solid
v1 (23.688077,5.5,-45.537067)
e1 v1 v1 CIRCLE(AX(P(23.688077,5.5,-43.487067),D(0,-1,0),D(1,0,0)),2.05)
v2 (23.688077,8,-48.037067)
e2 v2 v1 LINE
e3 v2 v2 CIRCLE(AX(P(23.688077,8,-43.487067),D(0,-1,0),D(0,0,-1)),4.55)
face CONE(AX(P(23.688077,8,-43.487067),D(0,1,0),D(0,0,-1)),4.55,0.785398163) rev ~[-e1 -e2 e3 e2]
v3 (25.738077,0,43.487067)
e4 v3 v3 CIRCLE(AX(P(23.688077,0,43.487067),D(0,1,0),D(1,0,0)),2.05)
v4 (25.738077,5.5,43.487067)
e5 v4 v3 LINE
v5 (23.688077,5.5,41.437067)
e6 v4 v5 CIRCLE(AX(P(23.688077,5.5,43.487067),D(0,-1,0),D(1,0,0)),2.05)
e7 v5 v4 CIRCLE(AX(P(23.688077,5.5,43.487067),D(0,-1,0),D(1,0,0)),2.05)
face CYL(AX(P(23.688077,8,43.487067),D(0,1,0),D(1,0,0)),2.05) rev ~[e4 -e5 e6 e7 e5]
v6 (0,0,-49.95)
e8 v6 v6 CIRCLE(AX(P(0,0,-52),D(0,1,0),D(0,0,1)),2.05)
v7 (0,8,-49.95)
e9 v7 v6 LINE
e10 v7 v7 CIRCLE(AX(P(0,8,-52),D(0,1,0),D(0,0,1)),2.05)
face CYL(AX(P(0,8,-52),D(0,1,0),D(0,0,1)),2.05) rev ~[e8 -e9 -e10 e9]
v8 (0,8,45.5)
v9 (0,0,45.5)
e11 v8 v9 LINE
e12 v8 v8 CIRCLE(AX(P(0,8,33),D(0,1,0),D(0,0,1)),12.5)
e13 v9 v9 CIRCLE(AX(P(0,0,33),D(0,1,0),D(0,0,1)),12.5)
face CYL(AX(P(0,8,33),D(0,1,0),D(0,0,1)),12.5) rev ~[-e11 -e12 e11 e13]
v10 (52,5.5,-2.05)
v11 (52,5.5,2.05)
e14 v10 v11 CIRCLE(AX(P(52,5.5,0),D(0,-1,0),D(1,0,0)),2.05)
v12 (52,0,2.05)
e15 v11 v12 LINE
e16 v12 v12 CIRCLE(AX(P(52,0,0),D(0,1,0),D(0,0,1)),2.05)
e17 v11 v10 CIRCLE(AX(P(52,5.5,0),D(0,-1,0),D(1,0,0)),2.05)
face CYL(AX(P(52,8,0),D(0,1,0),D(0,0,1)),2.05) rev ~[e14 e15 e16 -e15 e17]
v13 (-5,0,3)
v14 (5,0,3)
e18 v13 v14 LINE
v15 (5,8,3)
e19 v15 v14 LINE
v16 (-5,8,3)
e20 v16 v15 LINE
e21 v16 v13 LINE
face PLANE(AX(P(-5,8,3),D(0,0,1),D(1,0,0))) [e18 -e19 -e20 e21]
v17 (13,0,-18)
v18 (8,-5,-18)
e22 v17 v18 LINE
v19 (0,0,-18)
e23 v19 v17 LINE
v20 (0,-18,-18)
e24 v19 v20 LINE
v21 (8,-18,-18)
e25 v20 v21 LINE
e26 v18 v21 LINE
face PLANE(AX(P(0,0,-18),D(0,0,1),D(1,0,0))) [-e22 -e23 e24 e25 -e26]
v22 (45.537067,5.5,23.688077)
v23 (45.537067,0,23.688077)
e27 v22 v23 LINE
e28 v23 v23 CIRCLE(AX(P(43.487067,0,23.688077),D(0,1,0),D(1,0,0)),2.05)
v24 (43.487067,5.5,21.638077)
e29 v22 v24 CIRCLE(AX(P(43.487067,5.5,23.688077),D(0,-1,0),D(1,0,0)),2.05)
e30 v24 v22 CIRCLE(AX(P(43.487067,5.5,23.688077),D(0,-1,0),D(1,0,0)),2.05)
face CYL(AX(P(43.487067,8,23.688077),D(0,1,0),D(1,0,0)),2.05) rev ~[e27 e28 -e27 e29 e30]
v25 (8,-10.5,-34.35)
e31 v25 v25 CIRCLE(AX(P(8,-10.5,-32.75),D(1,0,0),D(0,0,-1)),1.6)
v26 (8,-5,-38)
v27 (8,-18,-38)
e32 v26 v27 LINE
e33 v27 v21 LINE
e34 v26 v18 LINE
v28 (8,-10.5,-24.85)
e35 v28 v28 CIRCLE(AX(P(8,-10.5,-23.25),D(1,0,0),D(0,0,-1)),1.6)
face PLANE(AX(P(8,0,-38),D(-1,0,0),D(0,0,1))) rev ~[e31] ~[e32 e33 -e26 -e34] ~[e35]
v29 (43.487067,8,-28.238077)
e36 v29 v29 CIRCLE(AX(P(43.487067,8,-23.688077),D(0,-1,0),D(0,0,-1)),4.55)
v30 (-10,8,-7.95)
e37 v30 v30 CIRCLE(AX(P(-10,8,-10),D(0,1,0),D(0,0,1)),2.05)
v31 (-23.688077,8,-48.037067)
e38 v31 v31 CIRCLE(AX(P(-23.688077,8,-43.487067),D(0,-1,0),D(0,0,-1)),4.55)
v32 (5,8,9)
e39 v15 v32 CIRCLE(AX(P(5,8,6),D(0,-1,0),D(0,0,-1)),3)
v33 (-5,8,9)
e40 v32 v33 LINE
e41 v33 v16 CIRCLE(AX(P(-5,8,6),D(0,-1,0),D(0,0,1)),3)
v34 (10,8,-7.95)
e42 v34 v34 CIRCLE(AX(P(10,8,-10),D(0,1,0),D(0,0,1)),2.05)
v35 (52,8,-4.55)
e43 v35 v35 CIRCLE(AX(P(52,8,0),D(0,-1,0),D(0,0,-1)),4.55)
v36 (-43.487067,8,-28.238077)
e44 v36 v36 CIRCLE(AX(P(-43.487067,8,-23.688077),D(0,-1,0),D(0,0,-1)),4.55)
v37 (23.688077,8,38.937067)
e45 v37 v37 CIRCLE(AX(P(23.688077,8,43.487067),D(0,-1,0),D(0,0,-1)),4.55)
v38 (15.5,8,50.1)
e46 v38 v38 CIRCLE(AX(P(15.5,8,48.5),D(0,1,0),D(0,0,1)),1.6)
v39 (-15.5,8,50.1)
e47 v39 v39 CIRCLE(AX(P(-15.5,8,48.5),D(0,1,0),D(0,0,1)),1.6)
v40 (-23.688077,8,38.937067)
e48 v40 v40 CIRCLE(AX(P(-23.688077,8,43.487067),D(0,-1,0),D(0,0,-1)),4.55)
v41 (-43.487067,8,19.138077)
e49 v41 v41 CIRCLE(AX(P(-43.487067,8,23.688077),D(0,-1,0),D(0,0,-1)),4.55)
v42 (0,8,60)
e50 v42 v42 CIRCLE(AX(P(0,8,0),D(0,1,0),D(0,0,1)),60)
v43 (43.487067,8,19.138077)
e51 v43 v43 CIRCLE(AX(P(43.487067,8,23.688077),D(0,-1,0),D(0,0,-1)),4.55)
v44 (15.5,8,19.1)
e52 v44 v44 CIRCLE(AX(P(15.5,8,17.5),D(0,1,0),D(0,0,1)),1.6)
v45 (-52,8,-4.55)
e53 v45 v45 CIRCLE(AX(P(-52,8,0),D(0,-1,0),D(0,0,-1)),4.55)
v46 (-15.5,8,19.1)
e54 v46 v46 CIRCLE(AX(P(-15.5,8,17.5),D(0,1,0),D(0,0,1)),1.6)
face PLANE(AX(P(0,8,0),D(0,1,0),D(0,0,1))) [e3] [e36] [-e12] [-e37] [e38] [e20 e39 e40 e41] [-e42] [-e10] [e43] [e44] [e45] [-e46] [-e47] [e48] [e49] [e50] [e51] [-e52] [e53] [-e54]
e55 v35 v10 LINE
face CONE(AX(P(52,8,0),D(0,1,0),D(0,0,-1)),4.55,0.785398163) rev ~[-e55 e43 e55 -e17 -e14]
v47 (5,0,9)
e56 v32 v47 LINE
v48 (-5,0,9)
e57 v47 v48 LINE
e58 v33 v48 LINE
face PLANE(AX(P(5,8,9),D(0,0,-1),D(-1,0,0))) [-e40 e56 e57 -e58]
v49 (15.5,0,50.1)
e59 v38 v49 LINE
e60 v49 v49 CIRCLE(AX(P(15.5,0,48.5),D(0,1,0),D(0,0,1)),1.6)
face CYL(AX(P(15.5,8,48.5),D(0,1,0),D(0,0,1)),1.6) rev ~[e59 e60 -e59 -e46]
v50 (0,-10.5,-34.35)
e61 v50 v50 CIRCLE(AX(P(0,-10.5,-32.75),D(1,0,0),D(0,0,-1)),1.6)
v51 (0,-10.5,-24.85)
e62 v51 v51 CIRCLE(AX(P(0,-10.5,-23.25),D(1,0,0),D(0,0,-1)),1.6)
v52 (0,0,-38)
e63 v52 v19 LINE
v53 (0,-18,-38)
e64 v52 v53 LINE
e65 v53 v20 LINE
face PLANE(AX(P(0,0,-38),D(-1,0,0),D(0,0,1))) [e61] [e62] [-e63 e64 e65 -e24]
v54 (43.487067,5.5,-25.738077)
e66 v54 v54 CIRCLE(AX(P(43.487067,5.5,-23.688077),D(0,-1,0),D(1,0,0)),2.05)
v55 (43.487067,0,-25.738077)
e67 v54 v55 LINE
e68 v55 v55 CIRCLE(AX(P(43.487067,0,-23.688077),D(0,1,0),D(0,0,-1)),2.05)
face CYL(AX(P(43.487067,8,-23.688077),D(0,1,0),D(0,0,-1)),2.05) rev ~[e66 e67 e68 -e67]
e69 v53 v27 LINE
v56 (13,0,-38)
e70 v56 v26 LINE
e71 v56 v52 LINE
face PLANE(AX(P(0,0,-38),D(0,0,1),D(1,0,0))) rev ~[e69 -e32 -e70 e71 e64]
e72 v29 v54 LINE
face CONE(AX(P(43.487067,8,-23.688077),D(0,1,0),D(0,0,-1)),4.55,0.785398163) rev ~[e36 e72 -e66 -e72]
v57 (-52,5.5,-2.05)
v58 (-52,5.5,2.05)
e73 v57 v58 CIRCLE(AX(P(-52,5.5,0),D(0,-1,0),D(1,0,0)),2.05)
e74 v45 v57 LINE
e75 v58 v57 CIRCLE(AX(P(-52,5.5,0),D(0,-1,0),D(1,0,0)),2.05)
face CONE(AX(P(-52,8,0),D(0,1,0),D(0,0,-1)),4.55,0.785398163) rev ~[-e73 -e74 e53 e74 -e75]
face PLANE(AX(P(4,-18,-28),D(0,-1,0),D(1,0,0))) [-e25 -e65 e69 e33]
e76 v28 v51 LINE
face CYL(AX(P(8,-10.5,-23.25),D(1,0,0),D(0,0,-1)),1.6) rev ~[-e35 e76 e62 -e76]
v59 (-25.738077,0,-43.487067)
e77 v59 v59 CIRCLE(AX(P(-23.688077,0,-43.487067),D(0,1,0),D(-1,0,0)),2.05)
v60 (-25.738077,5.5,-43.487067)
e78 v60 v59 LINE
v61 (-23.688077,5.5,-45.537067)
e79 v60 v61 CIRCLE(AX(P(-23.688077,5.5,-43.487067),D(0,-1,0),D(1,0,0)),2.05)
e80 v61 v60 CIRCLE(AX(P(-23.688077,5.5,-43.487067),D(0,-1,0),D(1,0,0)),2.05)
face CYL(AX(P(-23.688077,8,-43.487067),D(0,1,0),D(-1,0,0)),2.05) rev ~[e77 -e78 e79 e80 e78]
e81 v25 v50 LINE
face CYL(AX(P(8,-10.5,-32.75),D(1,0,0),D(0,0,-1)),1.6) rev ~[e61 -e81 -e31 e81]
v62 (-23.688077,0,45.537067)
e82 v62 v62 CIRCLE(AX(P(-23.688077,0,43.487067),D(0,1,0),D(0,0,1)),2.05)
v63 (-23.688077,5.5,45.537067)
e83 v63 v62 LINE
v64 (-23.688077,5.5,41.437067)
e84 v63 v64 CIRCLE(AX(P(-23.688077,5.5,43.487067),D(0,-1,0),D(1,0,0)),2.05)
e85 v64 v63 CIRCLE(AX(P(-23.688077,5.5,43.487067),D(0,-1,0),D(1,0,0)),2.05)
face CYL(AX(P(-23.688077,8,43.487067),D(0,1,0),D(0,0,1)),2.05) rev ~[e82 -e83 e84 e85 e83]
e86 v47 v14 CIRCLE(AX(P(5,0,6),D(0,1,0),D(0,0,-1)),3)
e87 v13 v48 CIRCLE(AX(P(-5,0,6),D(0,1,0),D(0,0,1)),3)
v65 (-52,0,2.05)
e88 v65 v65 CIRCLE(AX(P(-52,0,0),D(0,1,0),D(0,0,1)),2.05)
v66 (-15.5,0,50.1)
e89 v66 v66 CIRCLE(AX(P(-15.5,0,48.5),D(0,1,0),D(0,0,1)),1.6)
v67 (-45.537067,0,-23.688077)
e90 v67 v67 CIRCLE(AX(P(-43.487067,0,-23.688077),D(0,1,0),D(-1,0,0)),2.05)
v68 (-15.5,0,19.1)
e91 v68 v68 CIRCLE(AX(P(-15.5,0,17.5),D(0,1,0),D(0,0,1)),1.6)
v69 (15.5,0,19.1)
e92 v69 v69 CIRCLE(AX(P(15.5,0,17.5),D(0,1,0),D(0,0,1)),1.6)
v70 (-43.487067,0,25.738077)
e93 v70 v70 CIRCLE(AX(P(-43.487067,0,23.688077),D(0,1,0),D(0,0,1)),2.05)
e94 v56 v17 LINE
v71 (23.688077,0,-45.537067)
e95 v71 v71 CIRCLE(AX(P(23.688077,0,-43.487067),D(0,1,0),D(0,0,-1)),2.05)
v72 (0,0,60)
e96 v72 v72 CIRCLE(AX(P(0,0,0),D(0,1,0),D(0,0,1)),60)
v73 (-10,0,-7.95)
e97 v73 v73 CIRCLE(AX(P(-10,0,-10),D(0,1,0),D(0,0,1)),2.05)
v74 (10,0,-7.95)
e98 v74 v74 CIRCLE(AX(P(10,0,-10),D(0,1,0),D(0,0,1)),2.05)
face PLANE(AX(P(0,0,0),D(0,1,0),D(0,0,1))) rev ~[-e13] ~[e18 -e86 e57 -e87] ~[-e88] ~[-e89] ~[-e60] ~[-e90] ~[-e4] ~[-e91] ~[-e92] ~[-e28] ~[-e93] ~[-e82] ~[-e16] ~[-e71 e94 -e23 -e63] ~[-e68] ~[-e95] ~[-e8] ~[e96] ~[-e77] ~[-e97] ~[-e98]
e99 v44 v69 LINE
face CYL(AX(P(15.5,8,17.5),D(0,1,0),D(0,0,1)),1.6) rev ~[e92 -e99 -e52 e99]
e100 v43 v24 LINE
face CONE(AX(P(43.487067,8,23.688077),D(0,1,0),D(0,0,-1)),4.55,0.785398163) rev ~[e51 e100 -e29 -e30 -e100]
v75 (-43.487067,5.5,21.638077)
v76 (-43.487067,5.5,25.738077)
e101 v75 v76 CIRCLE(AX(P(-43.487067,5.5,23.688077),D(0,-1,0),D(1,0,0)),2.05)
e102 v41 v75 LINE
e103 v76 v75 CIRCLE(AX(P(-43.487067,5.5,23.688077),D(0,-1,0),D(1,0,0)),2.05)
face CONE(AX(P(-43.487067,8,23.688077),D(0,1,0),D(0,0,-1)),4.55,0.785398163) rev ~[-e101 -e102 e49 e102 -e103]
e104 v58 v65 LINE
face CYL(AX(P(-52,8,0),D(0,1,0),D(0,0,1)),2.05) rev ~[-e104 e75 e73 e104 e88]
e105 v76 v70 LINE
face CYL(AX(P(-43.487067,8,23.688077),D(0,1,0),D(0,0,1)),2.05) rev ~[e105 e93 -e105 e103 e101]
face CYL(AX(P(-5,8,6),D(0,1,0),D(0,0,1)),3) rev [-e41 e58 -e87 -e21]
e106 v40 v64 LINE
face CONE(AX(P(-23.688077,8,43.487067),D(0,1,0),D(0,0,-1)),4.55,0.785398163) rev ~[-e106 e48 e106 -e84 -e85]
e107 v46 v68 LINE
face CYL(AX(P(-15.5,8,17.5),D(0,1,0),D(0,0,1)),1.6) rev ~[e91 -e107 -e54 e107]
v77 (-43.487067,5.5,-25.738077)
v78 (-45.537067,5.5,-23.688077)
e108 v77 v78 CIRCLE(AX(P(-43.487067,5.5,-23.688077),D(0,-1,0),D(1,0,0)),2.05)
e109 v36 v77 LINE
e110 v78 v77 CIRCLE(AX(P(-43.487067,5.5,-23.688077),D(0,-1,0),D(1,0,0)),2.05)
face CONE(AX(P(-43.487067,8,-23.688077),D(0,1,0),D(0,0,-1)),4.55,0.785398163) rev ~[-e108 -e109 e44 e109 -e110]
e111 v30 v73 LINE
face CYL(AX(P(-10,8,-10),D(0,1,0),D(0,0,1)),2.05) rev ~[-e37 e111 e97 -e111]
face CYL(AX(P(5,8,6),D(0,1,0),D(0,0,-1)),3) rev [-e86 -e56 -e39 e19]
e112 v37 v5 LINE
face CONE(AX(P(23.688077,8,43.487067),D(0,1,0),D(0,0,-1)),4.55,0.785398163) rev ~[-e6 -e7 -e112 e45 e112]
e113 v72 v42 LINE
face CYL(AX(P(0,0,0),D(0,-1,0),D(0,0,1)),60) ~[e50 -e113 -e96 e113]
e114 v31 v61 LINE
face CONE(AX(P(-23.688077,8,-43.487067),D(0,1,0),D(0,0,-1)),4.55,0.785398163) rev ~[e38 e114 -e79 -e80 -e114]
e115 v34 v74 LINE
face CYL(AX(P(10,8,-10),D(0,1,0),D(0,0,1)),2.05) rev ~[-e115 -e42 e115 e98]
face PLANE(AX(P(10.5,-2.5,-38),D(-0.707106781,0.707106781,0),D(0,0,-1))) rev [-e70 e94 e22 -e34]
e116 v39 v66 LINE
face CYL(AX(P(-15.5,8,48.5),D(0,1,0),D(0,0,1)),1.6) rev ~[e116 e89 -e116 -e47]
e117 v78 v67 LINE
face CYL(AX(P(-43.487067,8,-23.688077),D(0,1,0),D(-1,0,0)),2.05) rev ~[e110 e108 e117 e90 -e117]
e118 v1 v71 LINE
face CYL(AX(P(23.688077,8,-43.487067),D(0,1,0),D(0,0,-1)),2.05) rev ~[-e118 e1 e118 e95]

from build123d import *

# Parameters (mm, degrees)
SKETCH1_R                                           = 60
BOSS_EXTRUDE1_DEPTH                                 = 8
SKETCH2_R                                           = 12.5
SKETCH2_R_2                                         = 1.6
CUT_EXTRUDE1_DEPTH                                  = 86.229103011
SKETCH3_R                                           = 2.05
CUT_EXTRUDE2_DEPTH                                  = 86.229103011
CIRPATTERN1_COUNT                                   = 4
SKETCH4_R                                           = 2.05
CUT_EXTRUDE3_DEPTH                                  = 86.229103011
SKETCH5_R                                           = 2.05
CUT_EXTRUDE4_DEPTH                                  = 86.229103011
SKETCH6_W                                           = 8
SKETCH6_H                                           = 20
BOSS_EXTRUDE2_DEPTH                                 = 18
CHAMFER1_SIZE                                       = 5
SKETCH7_R                                           = 1.6
CUT_EXTRUDE5_DEPTH                                  = 93.455394651
CSK_FOR_M4_COUNTERSUNK_FLAT_HEAD_SCREW1_D           = 4.1
CSK_FOR_M4_COUNTERSUNK_FLAT_HEAD_SCREW1_DEPTH       = 7.999
CSK_FOR_M4_COUNTERSUNK_FLAT_HEAD_SCREW1_CSINK_D     = 9.1
CSK_FOR_M4_COUNTERSUNK_FLAT_HEAD_SCREW1_CSINK_ANGLE = 90
CSK_FOR_M4_COUNTERSUNK_FLAT_HEAD_SCREW1_TIP         = 1.231764269


with BuildPart() as part:
    # Sketch1 → Boss-Extrude1 (new body)
    with BuildSketch(Plane(origin=(0, 0, 0), x_dir=(1, 0, 0), z_dir=(0, 1, 0))):
        with Locations(Location((0, 0, 0), (0, 0, 270))):
            Circle(SKETCH1_R)
    extrude(amount=BOSS_EXTRUDE1_DEPTH)

    # Sketch2 → Cut-Extrude1 (cut, through all)
    with BuildSketch(Plane(origin=(0, 8, 0), x_dir=(1, 0, 0), z_dir=(0, 1, 0))):
        with Locations(Location((0, -33, 0), (0, 0, 270))):
            Circle(SKETCH2_R)
        with Locations(Location((-15.5, -48.5, 0), (0, 0, 270))):
            Circle(SKETCH2_R_2)
        with Locations(Location((15.5, -48.5, 0), (0, 0, 270))):
            Circle(SKETCH2_R_2)
        with Locations(Location((15.5, -17.5, 0), (0, 0, 270))):
            Circle(SKETCH2_R_2)
        with Locations(Location((-15.5, -17.5, 0), (0, 0, 270))):
            Circle(SKETCH2_R_2)
    extrude(amount=-CUT_EXTRUDE1_DEPTH, mode=Mode.SUBTRACT)

    # Sketch3 → Cut-Extrude2 (cut, through all)
    with BuildSketch(Plane(origin=(0, 8, 0), x_dir=(1, 0, 0), z_dir=(0, 1, 0))):
        with Locations(Location((-43.487067043, -23.68807717, 0), (0, 0, 270))):
            Circle(SKETCH3_R)
        with Locations(Location((-23.68807717, -43.487067043, 0), (0, 0, 270))):
            Circle(SKETCH3_R)
    cut_extrude2 = extrude(amount=-CUT_EXTRUDE2_DEPTH, mode=Mode.SUBTRACT)

    # CirPattern1: Cut-Extrude2 ×4 about axis
    cirpattern1_axis = Axis((0, 0, 0), (0, 1, 0))
    for i in range(1, CIRPATTERN1_COUNT):
        add(cut_extrude2.rotate(cirpattern1_axis, i * 360 / CIRPATTERN1_COUNT), mode=Mode.SUBTRACT)

    # Sketch4 → Cut-Extrude3 (cut, through all)
    with BuildSketch(Plane(origin=(0, 8, 0), x_dir=(1, 0, 0), z_dir=(0, 1, 0))):
        with Locations(Location((-52, 0, 0), (0, 0, 270))):
            Circle(SKETCH4_R)
        with Locations(Location((52, 0, 0), (0, 0, 270))):
            Circle(SKETCH4_R)
        with Locations(Location((0, 52, 0), (0, 0, 270))):
            Circle(SKETCH4_R)
    extrude(amount=-CUT_EXTRUDE3_DEPTH, mode=Mode.SUBTRACT)

    # Sketch5 → Cut-Extrude4 (cut, through all)
    with BuildSketch(Plane(origin=(0, 8, 0), x_dir=(1, 0, 0), z_dir=(0, 1, 0))):
        with Locations(Location((-10, 10, 0), (0, 0, 270))):
            Circle(SKETCH5_R)
        with Locations(Location((10, 10, 0), (0, 0, 270))):
            Circle(SKETCH5_R)
        with BuildLine():
            Line((-5, -3), (5, -3))
            ThreePointArc((5, -3), (8, -6), (5, -9))
            Line((5, -9), (-5, -9))
            ThreePointArc((-5, -9), (-8, -6), (-5, -3))
        make_face()
    extrude(amount=-CUT_EXTRUDE4_DEPTH, mode=Mode.SUBTRACT)

    # Sketch6 → Boss-Extrude2 (add)
    with BuildSketch(Plane.XZ):
        with Locations((4, -28)):
            Rectangle(SKETCH6_W, SKETCH6_H)
    extrude(amount=BOSS_EXTRUDE2_DEPTH)

    # Chamfer1
    chamfer1_edges = [part.edges().sort_by_distance(p)[0] for p in [
        (8, 0, -28),
    ]]
    chamfer(chamfer1_edges, length=CHAMFER1_SIZE)

    # Sketch7 → Cut-Extrude5 (cut, through all)
    with BuildSketch(Plane(origin=(8, 0, 0), x_dir=(0, 0, -1), z_dir=(1, 0, 0))):
        with Locations((23.25, -10.5)):
            Circle(SKETCH7_R)
        with Locations((32.75, -10.5)):
            Circle(SKETCH7_R)
    extrude(amount=-CUT_EXTRUDE5_DEPTH, mode=Mode.SUBTRACT)

    # CSK for M4 Countersunk Flat Head Screw1
    with Locations(Plane(origin=(-52, 8, 0), x_dir=(0, 0, 1), z_dir=(0, 1, 0))):
        with Locations((0, 0), (23.68807717, 8.512932957), (43.487067043, 28.31192283), (43.487067043, 75.68807717), (23.68807717, 95.487067043), (0, 104), (-23.68807717, 95.487067043), (-43.487067043, 75.68807717), (-43.487067043, 28.31192283), (-23.68807717, 8.512932957)):
            CounterSinkHole(CSK_FOR_M4_COUNTERSUNK_FLAT_HEAD_SCREW1_D / 2, CSK_FOR_M4_COUNTERSUNK_FLAT_HEAD_SCREW1_CSINK_D / 2, depth=CSK_FOR_M4_COUNTERSUNK_FLAT_HEAD_SCREW1_DEPTH, counter_sink_angle=CSK_FOR_M4_COUNTERSUNK_FLAT_HEAD_SCREW1_CSINK_ANGLE)
            with Locations((0, 0, -(CSK_FOR_M4_COUNTERSUNK_FLAT_HEAD_SCREW1_DEPTH + CSK_FOR_M4_COUNTERSUNK_FLAT_HEAD_SCREW1_TIP / 2))):  # 118° drill point
                Cone(0, CSK_FOR_M4_COUNTERSUNK_FLAT_HEAD_SCREW1_D / 2, CSK_FOR_M4_COUNTERSUNK_FLAT_HEAD_SCREW1_TIP, mode=Mode.SUBTRACT)


solid = part.part
